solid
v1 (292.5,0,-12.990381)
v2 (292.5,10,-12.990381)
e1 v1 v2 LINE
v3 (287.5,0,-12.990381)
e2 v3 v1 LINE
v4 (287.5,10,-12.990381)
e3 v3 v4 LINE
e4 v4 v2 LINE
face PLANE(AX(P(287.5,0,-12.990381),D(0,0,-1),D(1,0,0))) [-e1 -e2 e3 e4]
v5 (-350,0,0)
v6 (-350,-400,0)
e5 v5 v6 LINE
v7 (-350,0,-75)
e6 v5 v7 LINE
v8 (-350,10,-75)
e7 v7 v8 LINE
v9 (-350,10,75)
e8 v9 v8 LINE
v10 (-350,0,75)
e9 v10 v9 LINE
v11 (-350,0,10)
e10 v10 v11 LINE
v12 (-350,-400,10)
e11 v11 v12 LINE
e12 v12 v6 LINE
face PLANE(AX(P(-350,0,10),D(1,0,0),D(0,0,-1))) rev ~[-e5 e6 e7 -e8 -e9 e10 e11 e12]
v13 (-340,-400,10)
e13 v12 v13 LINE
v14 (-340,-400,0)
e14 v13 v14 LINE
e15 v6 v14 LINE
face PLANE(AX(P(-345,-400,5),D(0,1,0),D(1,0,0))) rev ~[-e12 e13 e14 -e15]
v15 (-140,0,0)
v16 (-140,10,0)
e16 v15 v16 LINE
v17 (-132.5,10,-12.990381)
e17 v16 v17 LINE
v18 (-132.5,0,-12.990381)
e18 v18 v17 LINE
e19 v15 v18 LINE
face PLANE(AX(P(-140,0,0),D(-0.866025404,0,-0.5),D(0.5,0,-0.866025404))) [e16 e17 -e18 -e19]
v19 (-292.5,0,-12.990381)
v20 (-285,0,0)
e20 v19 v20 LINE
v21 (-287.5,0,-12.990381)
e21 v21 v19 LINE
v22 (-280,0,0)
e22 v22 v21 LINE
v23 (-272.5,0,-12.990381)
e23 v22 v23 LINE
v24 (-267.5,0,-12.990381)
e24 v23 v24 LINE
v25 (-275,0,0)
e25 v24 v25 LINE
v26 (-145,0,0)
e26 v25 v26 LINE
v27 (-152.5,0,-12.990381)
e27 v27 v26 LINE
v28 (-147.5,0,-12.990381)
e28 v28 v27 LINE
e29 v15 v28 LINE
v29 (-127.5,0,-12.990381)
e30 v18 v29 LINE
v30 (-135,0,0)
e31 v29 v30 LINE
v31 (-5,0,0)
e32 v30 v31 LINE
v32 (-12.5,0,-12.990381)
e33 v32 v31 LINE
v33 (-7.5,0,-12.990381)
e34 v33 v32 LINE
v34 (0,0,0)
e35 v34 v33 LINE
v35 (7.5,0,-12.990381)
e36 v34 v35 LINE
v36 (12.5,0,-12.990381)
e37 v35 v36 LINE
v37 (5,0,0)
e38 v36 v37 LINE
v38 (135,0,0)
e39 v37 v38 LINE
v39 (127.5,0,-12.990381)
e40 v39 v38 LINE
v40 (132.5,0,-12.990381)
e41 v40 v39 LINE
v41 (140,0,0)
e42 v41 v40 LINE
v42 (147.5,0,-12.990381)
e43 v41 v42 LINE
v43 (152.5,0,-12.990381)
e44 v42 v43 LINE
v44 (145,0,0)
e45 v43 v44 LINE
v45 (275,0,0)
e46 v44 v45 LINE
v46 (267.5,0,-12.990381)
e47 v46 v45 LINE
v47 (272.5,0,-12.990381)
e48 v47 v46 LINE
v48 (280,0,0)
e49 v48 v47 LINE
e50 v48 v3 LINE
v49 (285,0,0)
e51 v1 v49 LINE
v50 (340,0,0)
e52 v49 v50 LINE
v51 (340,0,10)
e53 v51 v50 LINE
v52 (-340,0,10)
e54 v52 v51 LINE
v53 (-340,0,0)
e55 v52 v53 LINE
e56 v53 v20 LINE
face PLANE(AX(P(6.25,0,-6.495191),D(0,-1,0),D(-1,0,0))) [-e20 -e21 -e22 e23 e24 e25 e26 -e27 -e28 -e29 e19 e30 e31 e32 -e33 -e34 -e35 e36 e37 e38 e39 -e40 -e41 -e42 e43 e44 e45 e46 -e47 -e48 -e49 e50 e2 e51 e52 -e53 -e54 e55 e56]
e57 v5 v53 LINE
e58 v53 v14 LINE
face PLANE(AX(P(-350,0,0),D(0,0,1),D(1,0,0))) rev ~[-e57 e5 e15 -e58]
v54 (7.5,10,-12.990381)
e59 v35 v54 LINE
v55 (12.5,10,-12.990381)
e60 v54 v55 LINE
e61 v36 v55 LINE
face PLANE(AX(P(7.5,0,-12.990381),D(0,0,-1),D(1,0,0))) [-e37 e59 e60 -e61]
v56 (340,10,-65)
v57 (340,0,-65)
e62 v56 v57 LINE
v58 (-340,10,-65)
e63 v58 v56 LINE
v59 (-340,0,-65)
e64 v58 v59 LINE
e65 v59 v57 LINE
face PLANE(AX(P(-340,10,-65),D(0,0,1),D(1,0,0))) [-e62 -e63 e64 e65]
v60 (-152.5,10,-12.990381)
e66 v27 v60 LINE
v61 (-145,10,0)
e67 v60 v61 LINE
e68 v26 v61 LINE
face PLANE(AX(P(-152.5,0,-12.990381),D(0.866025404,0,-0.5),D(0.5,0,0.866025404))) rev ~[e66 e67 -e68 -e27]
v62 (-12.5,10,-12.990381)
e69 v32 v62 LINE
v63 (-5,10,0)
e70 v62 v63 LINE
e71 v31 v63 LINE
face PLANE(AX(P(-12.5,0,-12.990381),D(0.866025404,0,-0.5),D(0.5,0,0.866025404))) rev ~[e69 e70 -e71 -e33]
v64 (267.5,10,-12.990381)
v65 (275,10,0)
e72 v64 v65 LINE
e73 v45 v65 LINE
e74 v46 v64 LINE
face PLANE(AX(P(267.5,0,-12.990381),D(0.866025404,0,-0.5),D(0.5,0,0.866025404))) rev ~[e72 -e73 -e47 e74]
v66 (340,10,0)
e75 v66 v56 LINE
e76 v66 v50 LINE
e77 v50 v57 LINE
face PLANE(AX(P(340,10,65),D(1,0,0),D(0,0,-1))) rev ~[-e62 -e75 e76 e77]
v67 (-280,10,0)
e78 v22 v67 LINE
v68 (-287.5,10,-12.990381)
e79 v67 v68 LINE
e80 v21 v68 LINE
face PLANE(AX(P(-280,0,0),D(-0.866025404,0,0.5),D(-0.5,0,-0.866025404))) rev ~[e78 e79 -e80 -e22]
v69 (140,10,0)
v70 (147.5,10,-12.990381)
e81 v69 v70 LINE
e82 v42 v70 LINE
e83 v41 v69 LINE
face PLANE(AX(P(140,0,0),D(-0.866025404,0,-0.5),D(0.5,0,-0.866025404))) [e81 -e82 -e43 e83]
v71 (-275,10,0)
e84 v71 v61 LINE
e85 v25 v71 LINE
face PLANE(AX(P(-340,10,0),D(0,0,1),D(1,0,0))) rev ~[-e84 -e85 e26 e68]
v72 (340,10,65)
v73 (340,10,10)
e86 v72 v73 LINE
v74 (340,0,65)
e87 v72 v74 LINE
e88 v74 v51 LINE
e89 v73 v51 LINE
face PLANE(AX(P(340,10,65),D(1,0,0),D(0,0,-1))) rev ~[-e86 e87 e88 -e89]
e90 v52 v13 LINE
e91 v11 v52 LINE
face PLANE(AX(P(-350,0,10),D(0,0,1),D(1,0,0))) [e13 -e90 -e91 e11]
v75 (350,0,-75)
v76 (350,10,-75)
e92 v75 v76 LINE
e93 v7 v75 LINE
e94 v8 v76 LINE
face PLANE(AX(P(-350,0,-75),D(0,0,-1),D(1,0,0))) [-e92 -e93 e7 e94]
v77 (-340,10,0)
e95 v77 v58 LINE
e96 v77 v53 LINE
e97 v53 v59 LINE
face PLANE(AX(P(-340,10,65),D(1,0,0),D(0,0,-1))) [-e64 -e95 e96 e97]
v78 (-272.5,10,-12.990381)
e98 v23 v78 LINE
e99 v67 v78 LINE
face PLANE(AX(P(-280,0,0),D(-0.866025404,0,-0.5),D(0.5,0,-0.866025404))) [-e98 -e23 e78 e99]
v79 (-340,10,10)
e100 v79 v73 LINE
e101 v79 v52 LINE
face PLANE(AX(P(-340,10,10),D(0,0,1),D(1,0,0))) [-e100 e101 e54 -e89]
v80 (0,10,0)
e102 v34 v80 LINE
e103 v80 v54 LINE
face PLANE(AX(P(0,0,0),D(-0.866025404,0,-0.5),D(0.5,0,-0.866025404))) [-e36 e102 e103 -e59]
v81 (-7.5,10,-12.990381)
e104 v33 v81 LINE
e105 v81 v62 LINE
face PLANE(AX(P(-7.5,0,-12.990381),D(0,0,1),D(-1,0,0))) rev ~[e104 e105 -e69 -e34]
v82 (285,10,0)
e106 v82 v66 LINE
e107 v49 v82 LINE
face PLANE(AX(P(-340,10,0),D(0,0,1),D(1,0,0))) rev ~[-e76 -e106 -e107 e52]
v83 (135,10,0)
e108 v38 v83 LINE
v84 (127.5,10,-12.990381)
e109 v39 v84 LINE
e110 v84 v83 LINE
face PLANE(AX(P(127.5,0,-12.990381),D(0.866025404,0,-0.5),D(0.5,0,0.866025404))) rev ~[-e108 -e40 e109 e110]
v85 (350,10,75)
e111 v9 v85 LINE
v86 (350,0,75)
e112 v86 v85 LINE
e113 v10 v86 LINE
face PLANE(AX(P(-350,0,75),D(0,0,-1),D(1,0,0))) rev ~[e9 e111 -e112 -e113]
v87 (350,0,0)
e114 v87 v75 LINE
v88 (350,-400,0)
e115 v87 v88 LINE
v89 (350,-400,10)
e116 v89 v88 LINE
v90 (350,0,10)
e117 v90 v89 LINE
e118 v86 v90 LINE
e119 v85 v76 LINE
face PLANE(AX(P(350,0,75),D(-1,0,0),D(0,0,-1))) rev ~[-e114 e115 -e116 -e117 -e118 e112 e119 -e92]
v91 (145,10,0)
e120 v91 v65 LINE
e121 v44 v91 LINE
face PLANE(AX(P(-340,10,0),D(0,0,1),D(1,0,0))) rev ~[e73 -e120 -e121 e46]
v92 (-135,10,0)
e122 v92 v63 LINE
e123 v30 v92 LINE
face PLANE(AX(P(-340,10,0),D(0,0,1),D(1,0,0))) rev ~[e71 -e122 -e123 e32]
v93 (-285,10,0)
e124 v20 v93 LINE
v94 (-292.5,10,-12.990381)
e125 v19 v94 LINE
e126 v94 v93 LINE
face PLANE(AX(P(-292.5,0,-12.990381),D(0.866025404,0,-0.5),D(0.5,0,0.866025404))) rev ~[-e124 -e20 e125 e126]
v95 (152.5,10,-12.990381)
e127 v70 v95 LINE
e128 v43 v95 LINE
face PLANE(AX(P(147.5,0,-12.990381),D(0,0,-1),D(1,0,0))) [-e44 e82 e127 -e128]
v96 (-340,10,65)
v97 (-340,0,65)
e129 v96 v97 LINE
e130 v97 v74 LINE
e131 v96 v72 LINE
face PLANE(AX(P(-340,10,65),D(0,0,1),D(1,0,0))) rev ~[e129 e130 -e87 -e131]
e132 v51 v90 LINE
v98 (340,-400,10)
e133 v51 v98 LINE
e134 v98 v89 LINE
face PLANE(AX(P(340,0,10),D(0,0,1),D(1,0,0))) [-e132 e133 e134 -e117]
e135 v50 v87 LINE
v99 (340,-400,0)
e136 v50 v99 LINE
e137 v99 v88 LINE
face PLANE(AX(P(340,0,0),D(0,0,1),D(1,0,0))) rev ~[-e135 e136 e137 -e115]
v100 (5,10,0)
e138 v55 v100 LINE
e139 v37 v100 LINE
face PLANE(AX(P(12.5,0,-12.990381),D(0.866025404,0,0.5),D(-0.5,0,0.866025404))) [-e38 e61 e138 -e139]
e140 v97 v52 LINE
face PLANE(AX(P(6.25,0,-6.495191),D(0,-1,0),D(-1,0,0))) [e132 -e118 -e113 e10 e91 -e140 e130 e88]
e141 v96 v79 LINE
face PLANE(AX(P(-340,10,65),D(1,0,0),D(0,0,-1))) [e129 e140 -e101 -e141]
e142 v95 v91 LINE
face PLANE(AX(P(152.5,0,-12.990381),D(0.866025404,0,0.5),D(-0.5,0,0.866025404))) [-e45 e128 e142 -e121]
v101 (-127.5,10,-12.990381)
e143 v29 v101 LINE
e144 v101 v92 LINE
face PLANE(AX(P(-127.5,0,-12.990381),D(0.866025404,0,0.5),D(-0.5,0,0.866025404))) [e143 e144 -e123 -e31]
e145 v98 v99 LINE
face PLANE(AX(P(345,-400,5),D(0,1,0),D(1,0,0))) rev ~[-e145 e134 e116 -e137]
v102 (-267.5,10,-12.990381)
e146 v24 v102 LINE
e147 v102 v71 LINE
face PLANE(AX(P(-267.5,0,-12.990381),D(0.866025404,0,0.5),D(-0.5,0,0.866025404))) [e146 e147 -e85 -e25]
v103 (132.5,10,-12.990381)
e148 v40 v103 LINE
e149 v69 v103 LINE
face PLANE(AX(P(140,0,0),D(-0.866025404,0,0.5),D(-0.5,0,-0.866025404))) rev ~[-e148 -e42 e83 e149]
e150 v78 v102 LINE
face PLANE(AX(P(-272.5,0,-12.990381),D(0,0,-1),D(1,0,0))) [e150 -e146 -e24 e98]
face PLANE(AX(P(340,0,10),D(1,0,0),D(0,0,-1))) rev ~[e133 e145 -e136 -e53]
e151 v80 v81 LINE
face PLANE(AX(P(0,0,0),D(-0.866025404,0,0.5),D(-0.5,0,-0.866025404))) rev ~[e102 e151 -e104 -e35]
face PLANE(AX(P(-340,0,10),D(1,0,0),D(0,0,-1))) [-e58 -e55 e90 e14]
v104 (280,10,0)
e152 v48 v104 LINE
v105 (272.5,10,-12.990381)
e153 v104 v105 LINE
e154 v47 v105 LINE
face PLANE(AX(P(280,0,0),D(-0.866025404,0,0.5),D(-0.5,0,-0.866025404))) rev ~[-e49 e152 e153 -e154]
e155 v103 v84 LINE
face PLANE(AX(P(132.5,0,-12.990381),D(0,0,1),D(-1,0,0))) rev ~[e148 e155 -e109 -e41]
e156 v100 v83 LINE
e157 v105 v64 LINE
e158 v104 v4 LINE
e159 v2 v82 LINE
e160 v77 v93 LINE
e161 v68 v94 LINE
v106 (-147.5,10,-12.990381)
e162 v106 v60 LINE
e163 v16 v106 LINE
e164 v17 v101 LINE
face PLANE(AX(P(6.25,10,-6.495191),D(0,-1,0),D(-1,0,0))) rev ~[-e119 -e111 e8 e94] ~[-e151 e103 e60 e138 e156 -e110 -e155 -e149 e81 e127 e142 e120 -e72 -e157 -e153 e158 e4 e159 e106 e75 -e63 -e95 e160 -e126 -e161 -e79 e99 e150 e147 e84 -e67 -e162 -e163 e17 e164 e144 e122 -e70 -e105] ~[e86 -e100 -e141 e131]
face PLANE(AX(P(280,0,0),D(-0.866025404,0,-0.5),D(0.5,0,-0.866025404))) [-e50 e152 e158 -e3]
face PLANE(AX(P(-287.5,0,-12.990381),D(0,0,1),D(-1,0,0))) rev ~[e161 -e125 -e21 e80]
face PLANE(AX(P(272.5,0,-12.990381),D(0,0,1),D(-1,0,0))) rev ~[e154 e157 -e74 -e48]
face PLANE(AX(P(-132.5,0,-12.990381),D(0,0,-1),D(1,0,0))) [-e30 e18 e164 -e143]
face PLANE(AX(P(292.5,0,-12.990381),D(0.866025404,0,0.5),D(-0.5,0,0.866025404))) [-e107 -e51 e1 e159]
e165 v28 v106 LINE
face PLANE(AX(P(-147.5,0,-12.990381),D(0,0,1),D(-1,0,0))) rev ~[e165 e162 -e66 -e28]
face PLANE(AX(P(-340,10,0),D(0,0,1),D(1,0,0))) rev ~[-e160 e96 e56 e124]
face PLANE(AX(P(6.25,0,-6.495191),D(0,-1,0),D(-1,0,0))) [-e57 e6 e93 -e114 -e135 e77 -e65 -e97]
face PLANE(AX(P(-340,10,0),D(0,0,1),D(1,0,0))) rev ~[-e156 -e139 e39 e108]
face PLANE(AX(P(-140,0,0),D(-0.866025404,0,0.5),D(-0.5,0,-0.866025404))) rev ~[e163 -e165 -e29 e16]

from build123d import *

# Parameters (mm, degrees)
SKETCH1_W           = 700
SKETCH1_H           = 150
BOSS_EXTRUDE1_DEPTH = 10
SKETCH2_W           = 680
SKETCH2_H           = 130
CUT_EXTRUDE1_DEPTH  = 10
SKETCH3_W           = 680
SKETCH3_H           = 10
BOSS_EXTRUDE2_DEPTH = 10
BOSS_EXTRUDE3_DEPTH = 10
SKETCH5_W           = 10
SKETCH5_H           = 10
BOSS_EXTRUDE4_DEPTH = 400


with BuildPart() as part:
    # Sketch1 → Boss-Extrude1 (new body)
    with BuildSketch(Plane(origin=(0, 0, 0), x_dir=(1, 0, 0), z_dir=(0, 1, 0))):
        Rectangle(SKETCH1_W, SKETCH1_H)
    extrude(amount=BOSS_EXTRUDE1_DEPTH)

    # Sketch2 → Cut-Extrude1 (cut)
    with BuildSketch(Plane(origin=(0, 10, 0), x_dir=(1, 0, 0), z_dir=(0, 1, 0))):
        Rectangle(SKETCH2_W, SKETCH2_H)
    extrude(amount=-CUT_EXTRUDE1_DEPTH, mode=Mode.SUBTRACT)

    # Sketch3 → Boss-Extrude2 (add)
    with BuildSketch(Plane(origin=(0, 10, 0), x_dir=(1, 0, 0), z_dir=(0, 1, 0))):
        with Locations((0, -5)):
            Rectangle(SKETCH3_W, SKETCH3_H)
    extrude(amount=-BOSS_EXTRUDE2_DEPTH)

    # Sketch4 → Boss-Extrude3 (add)
    with BuildSketch(Plane(origin=(0, 0, 0), x_dir=(1, 0, 0), z_dir=(0, 1, 0))):
        Polygon((5, 0), (0, 0), (7.5, 12.990381057), (12.5, 12.990381057), align=None)
        Polygon((140, 0), (147.5, 12.990381057), (152.5, 12.990381057), (145, 0), align=None)
        Polygon((140, 0), (132.5, 12.990381057), (127.5, 12.990381057), (135, 0), align=None)
        Polygon((0, 0), (-7.5, 12.990381057), (-12.5, 12.990381057), (-5, 0), align=None)
        Polygon((-140, 0), (-132.5, 12.990381057), (-127.5, 12.990381057), (-135, 0), align=None)
        Polygon((-140, 0), (-147.5, 12.990381057), (-152.5, 12.990381057), (-145, 0), align=None)
        Polygon((-280, 0), (-272.5, 12.990381057), (-267.5, 12.990381057), (-275, 0), align=None)
        Polygon((-280, 0), (-287.5, 12.990381057), (-292.5, 12.990381057), (-285, 0), align=None)
        Polygon((280, 0), (272.5, 12.990381057), (267.5, 12.990381057), (275, 0), align=None)
        Polygon((280, 0), (287.5, 12.990381057), (292.5, 12.990381057), (285, 0), align=None)
    extrude(amount=BOSS_EXTRUDE3_DEPTH)

    # Sketch5 → Boss-Extrude4 (add)
    with BuildSketch(Plane(origin=(0, 0, 0), x_dir=(1, 0, 0), z_dir=(0, 1, 0))):
        with Locations((-345, -5)):
            Rectangle(SKETCH5_W, SKETCH5_H)
        with Locations((345, -5)):
            Rectangle(SKETCH5_W, SKETCH5_H)
    extrude(amount=-BOSS_EXTRUDE4_DEPTH)


solid = part.part
